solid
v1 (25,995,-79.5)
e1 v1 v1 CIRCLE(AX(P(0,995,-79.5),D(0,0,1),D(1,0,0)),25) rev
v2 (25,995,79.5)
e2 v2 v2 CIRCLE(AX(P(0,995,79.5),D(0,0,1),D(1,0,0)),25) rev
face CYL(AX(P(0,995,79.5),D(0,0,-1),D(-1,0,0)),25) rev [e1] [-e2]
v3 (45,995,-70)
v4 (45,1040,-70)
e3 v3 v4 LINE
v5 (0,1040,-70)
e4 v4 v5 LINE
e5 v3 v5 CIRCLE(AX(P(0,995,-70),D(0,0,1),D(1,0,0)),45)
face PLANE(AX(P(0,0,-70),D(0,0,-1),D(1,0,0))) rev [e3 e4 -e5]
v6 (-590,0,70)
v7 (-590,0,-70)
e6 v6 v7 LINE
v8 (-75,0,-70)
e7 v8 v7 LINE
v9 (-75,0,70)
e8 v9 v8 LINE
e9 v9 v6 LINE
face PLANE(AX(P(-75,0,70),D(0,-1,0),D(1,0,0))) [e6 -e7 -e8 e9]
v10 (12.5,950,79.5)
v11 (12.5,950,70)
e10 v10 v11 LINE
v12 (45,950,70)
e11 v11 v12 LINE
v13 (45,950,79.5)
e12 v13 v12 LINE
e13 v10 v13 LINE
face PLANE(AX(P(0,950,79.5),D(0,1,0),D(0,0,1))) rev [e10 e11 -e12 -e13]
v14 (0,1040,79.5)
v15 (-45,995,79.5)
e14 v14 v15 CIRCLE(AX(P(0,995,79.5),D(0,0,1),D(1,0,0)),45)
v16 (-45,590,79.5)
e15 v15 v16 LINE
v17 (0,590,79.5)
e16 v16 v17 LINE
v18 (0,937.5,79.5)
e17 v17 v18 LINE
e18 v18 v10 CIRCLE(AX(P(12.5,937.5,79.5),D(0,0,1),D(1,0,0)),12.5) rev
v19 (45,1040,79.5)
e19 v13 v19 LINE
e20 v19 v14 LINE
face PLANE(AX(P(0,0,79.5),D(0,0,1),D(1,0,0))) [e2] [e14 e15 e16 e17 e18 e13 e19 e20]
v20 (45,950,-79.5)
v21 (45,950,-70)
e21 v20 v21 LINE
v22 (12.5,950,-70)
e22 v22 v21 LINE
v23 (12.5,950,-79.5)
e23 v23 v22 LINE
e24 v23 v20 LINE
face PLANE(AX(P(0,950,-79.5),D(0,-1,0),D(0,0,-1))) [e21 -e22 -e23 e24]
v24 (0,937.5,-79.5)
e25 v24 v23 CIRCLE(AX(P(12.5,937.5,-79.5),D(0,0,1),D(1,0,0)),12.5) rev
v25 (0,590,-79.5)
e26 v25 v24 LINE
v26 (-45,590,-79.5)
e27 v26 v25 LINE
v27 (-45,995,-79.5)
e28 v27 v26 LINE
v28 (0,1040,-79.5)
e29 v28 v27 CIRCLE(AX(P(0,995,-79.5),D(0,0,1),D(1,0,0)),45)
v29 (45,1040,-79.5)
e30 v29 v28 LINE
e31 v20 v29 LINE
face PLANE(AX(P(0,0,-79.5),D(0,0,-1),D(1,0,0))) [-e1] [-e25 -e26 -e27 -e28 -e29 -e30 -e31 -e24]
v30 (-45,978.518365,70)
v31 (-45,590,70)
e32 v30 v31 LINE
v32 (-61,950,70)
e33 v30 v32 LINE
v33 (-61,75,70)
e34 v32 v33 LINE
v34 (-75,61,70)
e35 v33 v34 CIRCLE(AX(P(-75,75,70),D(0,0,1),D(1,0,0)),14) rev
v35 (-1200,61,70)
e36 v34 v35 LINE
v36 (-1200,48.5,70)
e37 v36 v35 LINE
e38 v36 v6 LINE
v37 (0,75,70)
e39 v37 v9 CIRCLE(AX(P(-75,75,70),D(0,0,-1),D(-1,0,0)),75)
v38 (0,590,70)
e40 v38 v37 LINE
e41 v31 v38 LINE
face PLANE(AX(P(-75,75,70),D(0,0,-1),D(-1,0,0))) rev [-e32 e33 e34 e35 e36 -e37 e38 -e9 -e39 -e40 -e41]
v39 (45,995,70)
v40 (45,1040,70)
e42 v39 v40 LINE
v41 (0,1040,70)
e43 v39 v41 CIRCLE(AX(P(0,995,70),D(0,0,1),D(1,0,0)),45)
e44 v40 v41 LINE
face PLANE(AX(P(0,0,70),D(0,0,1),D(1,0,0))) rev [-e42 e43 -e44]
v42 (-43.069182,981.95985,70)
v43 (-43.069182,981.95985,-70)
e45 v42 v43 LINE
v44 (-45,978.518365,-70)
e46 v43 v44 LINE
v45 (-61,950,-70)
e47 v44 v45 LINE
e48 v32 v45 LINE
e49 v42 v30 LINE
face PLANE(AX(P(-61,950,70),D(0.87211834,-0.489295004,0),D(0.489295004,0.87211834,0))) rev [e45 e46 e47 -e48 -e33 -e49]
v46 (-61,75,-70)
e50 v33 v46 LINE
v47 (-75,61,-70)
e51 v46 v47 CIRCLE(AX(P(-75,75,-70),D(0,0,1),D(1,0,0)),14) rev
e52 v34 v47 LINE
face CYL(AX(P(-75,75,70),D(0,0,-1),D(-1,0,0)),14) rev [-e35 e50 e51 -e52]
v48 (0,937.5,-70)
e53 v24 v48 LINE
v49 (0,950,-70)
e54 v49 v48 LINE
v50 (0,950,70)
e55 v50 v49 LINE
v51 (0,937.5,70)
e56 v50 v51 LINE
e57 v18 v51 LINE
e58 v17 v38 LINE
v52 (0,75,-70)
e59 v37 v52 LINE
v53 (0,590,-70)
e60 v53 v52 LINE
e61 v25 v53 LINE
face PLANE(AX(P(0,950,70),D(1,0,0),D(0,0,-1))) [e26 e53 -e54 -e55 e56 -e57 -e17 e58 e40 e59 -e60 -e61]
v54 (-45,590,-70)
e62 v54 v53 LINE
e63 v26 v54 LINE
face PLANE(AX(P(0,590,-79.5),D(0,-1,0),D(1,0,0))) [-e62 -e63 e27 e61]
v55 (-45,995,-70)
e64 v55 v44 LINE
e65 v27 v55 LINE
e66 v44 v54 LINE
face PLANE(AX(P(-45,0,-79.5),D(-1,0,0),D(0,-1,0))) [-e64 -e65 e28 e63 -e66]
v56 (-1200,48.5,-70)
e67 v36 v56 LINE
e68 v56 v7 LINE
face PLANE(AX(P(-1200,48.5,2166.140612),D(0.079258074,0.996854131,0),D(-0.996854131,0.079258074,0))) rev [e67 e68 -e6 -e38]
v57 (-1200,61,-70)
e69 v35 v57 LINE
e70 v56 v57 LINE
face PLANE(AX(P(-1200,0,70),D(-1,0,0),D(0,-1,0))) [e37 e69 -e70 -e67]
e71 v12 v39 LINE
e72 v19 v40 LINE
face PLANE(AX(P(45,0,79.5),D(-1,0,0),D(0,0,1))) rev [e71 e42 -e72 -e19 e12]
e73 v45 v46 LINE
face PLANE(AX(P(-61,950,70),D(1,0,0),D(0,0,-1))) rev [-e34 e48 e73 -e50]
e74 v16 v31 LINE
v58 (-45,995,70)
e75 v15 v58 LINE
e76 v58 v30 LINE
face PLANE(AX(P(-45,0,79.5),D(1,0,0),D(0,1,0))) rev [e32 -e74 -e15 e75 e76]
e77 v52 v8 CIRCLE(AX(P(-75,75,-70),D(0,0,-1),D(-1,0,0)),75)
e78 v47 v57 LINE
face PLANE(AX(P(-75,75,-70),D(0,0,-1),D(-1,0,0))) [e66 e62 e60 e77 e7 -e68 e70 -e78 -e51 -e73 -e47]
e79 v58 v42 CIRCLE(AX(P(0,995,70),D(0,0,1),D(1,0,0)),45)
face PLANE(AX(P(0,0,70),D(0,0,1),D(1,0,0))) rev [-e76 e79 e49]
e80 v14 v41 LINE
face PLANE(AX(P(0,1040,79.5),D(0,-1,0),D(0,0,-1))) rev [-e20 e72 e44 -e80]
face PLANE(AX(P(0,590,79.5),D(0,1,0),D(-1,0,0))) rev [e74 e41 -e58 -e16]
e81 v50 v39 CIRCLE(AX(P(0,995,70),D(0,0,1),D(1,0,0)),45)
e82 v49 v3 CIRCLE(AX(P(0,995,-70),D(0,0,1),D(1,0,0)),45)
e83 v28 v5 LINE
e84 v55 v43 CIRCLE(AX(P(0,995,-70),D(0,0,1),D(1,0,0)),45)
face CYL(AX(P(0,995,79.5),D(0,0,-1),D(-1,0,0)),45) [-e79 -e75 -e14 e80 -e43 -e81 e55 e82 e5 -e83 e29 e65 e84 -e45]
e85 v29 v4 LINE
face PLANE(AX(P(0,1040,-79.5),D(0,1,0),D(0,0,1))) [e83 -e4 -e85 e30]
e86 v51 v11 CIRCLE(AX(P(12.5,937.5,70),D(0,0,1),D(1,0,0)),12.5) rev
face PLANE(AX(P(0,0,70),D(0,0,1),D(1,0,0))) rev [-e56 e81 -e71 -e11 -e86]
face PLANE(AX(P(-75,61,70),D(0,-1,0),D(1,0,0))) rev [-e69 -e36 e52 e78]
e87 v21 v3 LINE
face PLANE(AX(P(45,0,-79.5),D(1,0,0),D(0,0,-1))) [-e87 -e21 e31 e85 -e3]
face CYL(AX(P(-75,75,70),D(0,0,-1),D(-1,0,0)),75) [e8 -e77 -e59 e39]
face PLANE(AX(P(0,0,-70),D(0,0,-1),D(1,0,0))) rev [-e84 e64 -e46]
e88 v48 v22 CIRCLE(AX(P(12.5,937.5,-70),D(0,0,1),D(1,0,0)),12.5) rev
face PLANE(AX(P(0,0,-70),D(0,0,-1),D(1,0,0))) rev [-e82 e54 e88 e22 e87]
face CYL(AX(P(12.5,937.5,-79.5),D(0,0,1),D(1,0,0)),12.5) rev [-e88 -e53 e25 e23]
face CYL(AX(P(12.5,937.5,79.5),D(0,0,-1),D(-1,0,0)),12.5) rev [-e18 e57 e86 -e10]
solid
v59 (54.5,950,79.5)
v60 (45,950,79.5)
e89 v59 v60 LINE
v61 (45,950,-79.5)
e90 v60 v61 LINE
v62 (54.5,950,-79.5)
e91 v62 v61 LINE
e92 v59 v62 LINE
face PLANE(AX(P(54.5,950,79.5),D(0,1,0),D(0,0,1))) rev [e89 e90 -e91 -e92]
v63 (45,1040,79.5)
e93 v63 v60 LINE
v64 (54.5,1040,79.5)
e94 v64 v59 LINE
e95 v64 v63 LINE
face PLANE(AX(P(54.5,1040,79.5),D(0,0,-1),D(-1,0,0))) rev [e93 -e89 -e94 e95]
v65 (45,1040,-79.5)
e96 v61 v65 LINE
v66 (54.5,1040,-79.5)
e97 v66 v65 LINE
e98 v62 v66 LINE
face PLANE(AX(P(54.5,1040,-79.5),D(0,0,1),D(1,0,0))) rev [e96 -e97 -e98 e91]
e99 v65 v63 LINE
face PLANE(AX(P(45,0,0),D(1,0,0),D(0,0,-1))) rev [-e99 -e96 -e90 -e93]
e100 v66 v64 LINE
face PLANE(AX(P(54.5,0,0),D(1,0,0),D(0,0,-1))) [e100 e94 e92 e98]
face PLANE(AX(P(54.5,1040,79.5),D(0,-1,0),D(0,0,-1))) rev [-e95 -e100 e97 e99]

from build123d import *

# Parameters (mm, degrees)
EXTRUDE_THIN1_DEPTH     = 70
CUT_EXTRUDE1_DEPTH      = 1537.912489376
CUT_EXTRUDE1_DEPTH_BACK = 1537.912489376
SKETCH3_R               = 45
SKETCH3_R_2             = 25
BOSS_EXTRUDE1_DEPTH     = 70
BOSS_EXTRUDE2_DEPTH     = 70
SKETCH5_R               = 45
SKETCH5_R_2             = 25
BOSS_EXTRUDE3_DEPTH     = 9.5
SKETCH6_W               = 159
SKETCH6_H               = 90
BOSS_EXTRUDE4_DEPTH     = 9.5


with BuildPart() as part:
    # Sketch1 → Extrude-Thin1 (new, symmetric)
    with BuildSketch(Plane.XY):
        with BuildLine():
            Line((0, 950), (0, 75))
            ThreePointArc((0, 75), (-21.966991411, 21.966991411), (-75, 0))
            Line((-75, 0), (-1200, 0))
            Line((-1200, 0), (-1200, 61))
            Line((-1200, 61), (-75, 61))
            ThreePointArc((-75, 61), (-65.100505063, 65.100505063), (-61, 75))
            Line((-61, 75), (-61, 950))
            Line((-61, 950), (0, 950))
        make_face()
    extrude(amount=EXTRUDE_THIN1_DEPTH, both=True)

    # Sketch2 → Cut-Extrude1 (cut, two sides: drawn at the far end of the back side and taken through both)
    with BuildSketch(Plane.XY.offset(70).offset(-CUT_EXTRUDE1_DEPTH_BACK)):
        Polygon((-4202.326226889, 287.209544269), (-1200, 48.5), (-590, 0), (2412.326226889, -238.709544269), (1934.907138351, -6243.361998046), (-4679.745315427, -5717.442909508), align=None)
    extrude(amount=CUT_EXTRUDE1_DEPTH + CUT_EXTRUDE1_DEPTH_BACK, mode=Mode.SUBTRACT)



with BuildPart() as body_2:
    # Sketch3 → Boss-Extrude1 (new, symmetric)
    with BuildSketch(Plane.XY):
        with Locations((0, 995)):
            Circle(SKETCH3_R)
        with Locations((0, 995)):
            Circle(SKETCH3_R_2, mode=Mode.SUBTRACT)
    extrude(amount=BOSS_EXTRUDE1_DEPTH, both=True)


with BuildPart() as body_3:
    # Sketch4 → Boss-Extrude2 (new, symmetric)
    with BuildSketch(Plane.XY):
        with BuildLine():
            Line((-61, 950), (0, 950))
            ThreePointArc((0, 950), (-26.815976936, 958.862714809), (-43.069182498, 981.959849736))
            Line((-43.069182498, 981.959849736), (-61, 950))
        make_face()
    extrude(amount=BOSS_EXTRUDE2_DEPTH, both=True)


with BuildPart() as part_1:
    add(part.part)

    add(body_2.part)  # Boss-Extrude3 merges body 2

    add(body_3.part)  # Boss-Extrude3 merges body 3
    # Sketch5 → Boss-Extrude3 (add)
    # profile 1 of 3: a face of its own
    with BuildSketch(Plane.XY.offset(70)):
        with BuildLine():
            Line((45, 1040), (0, 1040))
            ThreePointArc((0, 1040), (31.819805153, 1026.819805153), (45, 995))
            Line((45, 995), (45, 1040))
        make_face()
    # profile 2 of 3: a face of its own
    with BuildSketch(Plane.XY.offset(70)):
        with Locations((0, 995)):
            Circle(SKETCH5_R)
        with Locations((0, 995)):
            Circle(SKETCH5_R_2, mode=Mode.SUBTRACT)
    # profile 3 of 3: a face of its own
    with BuildSketch(Plane.XY.offset(70)):
        with BuildLine():
            ThreePointArc((45, 995), (0, 950), (-45, 995))
            Line((-45, 995), (-45, 590))
            Line((-45, 590), (0, 590))
            Line((0, 590), (0, 937.5))
            ThreePointArc((0, 937.5), (3.661165235, 946.338834765), (12.5, 950))
            Line((12.5, 950), (45, 950))
            Line((45, 950), (45, 995))
        make_face()
    boss_extrude3 = extrude(amount=BOSS_EXTRUDE3_DEPTH)

    # Mirror1: Boss-Extrude3 across plane
    add(boss_extrude3.mirror(Plane.XY))


with BuildPart() as body_2_2:
    # Sketch6 → Boss-Extrude4 (new body)
    with BuildSketch(Plane(origin=(45, 0, 0), x_dir=(0, 0, -1), z_dir=(1, 0, 0))):
        with Locations((0, 995)):
            Rectangle(SKETCH6_W, SKETCH6_H)
    extrude(amount=BOSS_EXTRUDE4_DEPTH)


solid = Compound([part_1.part, body_2_2.part])
